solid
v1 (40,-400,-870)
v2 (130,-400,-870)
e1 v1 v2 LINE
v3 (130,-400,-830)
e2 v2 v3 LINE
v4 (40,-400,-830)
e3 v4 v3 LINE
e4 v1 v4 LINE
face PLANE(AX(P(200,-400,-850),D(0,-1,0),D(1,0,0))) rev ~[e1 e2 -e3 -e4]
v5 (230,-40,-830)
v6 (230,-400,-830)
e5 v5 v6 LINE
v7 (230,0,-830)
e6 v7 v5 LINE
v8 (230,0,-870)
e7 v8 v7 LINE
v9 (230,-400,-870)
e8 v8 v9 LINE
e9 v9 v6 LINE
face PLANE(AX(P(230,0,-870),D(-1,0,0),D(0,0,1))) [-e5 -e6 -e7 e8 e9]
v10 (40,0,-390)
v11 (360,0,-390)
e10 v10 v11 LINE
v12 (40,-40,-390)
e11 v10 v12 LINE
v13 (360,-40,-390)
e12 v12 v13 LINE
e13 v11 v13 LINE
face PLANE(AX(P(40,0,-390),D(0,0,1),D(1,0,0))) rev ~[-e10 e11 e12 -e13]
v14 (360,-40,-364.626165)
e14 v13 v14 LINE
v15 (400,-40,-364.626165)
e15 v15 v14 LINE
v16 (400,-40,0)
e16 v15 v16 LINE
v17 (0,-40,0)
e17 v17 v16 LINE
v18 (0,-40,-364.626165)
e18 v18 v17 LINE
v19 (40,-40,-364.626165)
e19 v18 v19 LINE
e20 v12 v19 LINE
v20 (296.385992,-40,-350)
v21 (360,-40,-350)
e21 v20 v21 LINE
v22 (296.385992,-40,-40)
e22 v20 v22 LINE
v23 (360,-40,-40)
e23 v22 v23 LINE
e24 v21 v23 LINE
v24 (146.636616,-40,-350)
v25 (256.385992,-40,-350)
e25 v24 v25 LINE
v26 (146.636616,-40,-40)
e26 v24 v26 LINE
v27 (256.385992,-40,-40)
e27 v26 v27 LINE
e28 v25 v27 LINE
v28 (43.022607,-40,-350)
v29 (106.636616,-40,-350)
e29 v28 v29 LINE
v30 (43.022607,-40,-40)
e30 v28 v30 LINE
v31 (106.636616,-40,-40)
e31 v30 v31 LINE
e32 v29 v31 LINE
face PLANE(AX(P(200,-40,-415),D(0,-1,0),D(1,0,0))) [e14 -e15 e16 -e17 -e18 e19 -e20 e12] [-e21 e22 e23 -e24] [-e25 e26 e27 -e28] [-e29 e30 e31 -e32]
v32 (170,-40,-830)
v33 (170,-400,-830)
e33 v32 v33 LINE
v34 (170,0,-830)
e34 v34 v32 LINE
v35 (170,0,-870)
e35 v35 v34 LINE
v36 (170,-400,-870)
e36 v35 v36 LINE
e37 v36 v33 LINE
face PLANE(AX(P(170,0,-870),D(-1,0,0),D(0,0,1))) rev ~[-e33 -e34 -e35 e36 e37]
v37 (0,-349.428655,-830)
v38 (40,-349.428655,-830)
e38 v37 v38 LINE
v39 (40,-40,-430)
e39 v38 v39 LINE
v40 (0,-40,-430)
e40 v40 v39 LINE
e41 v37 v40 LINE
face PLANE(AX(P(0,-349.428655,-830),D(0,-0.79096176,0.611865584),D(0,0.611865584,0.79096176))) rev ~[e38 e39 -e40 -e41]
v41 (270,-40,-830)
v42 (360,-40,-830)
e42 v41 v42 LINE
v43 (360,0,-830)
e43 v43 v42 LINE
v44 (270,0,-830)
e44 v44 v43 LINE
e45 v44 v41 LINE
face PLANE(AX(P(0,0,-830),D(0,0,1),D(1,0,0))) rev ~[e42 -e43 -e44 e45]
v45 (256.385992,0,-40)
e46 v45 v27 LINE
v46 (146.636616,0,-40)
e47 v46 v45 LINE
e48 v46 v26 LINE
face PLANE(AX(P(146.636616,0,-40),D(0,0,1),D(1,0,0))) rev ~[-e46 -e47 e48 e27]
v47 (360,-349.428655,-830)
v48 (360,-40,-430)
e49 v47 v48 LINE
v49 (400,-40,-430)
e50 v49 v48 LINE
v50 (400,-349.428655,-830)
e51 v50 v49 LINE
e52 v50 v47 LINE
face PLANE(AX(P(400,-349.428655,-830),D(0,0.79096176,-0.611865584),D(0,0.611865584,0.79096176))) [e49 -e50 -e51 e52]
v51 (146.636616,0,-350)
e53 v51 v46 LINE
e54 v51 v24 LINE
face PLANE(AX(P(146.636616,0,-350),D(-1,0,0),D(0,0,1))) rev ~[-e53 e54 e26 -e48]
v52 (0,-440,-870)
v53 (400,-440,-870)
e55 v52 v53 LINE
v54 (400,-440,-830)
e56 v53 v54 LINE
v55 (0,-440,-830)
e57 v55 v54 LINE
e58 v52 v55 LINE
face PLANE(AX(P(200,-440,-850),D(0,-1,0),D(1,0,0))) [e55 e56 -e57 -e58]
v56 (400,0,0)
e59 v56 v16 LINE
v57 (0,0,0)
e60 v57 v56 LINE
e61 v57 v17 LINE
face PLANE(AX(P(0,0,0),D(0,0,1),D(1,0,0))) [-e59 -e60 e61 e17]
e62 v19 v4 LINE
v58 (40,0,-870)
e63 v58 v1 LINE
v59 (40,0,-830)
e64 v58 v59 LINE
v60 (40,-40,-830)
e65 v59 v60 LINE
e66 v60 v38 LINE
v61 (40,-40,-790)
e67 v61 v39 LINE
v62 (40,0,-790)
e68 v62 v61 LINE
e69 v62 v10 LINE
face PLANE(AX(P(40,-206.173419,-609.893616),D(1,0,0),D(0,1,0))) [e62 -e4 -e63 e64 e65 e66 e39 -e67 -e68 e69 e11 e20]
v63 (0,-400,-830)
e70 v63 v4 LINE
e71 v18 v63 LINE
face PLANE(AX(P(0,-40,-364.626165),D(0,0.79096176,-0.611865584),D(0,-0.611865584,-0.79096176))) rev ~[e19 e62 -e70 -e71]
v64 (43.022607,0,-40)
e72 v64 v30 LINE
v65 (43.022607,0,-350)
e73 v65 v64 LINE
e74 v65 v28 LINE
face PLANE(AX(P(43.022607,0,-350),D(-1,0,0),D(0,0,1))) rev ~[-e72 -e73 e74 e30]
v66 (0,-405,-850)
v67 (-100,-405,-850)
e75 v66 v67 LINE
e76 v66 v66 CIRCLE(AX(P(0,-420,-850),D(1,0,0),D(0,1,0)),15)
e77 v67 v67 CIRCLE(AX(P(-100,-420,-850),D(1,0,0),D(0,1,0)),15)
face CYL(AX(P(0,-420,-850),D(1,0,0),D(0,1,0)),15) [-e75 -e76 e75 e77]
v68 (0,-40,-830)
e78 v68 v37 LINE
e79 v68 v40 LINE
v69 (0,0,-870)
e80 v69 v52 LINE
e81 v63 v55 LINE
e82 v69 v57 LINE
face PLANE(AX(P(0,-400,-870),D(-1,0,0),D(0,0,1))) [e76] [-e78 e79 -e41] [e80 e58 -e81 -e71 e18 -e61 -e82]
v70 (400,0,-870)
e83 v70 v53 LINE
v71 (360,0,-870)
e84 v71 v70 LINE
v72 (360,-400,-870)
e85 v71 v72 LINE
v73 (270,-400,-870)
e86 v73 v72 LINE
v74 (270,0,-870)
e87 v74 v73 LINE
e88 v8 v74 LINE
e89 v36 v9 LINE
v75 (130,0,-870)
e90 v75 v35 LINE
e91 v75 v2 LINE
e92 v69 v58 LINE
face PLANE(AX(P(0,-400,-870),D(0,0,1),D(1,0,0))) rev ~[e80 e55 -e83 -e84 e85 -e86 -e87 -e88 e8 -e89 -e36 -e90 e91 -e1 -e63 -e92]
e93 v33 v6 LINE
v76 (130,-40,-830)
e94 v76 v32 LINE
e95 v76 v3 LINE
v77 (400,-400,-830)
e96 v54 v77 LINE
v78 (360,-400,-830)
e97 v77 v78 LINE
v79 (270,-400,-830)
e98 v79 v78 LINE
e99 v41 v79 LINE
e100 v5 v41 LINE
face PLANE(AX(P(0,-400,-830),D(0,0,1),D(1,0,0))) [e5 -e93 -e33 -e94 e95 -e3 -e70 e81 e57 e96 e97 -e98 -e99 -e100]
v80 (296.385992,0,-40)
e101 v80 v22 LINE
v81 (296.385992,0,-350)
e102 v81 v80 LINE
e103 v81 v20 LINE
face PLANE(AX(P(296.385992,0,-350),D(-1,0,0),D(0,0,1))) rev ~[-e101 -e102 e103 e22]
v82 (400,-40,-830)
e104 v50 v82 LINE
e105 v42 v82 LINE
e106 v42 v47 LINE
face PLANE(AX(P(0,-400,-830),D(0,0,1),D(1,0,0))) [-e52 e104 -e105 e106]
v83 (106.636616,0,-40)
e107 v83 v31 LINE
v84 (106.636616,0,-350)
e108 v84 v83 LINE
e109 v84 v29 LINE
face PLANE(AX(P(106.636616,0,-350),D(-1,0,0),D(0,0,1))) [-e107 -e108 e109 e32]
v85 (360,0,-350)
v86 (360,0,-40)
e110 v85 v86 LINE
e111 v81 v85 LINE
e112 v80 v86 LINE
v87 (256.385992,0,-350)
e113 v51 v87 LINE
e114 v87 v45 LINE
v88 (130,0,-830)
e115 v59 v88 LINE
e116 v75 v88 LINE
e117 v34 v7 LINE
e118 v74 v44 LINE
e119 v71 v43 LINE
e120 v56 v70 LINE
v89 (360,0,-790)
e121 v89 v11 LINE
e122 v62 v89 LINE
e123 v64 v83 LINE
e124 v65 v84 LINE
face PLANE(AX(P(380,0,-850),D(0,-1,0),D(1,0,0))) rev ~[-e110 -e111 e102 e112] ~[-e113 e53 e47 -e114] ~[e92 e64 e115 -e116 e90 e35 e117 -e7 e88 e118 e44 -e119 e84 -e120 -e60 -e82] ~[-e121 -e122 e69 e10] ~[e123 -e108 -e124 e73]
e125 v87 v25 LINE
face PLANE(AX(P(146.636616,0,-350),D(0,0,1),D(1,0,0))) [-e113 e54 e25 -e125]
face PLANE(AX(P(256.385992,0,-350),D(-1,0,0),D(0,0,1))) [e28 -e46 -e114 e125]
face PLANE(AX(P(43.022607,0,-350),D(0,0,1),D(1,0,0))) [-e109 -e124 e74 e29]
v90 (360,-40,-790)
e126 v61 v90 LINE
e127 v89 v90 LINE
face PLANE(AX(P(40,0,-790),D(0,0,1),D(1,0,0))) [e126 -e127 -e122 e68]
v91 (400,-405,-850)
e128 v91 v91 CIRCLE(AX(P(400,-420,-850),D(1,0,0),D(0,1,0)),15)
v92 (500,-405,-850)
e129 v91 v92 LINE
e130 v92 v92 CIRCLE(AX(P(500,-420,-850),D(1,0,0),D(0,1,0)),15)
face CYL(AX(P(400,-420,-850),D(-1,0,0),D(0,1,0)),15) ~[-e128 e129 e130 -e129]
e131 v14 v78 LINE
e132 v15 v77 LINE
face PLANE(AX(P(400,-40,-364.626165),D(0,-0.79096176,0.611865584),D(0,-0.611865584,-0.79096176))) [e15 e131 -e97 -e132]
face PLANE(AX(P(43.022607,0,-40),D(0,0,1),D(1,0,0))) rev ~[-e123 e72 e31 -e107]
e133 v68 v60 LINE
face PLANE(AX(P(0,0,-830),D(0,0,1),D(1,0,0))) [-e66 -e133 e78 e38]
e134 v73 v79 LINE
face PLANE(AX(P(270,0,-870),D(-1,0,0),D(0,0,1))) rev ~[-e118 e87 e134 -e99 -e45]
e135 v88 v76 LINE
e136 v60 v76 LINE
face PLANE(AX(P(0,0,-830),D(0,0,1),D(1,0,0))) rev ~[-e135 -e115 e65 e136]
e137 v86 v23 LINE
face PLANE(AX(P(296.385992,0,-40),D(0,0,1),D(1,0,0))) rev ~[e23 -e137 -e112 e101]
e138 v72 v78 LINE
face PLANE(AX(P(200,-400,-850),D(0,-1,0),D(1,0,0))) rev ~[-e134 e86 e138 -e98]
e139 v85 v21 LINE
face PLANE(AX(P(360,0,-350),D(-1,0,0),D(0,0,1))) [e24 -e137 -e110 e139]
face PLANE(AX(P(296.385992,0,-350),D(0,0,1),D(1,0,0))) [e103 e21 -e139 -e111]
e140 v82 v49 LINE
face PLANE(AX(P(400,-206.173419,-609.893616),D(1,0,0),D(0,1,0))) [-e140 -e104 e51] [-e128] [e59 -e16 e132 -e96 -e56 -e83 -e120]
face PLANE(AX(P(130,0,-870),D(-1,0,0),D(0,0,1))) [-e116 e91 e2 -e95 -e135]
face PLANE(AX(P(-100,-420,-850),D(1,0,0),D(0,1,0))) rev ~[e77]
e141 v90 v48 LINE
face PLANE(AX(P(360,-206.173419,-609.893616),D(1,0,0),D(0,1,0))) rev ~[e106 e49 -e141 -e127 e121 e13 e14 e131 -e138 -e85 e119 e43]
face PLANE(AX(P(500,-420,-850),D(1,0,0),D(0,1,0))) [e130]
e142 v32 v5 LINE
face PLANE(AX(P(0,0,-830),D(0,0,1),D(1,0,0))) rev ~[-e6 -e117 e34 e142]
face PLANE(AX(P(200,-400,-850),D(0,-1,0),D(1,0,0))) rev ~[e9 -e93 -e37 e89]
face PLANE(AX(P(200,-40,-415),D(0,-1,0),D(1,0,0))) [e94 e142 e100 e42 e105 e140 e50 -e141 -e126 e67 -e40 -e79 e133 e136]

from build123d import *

# Parameters (mm, degrees)
F0_W      = 400
F0_H      = 830
F0_W_2    = 320
F0_H_2    = 400
F0_W_3    = 63.6140084174
F0_H_3    = 310
F0_W_4    = 109.7493757494
F1_DEPTH  = 40
F2_W      = 40
F2_H      = 40
F3_DEPTH  = 400
F5_DEPTH  = 40
F7_W      = 400
F7_H      = 40
F8_DEPTH  = 40
F11_DEPTH = 40
F12_R     = 15
F13_DEPTH = 100
F14_R     = 15
F15_DEPTH = 100


with BuildPart() as f1:
    # F0 (on Front) → F1 (new body)
    with BuildSketch(Plane.XZ):
        with Locations((200, -415)):
            Rectangle(F0_W, F0_H)
        with Locations((200, -590)):
            Rectangle(F0_W_2, F0_H_2, mode=Mode.SUBTRACT)
        with Locations((74.8296116246, -195)):
            Rectangle(F0_W_3, F0_H_3, mode=Mode.SUBTRACT)
        with Locations((201.511303708, -195)):
            Rectangle(F0_W_4, F0_H_3, mode=Mode.SUBTRACT)
        with Locations((328.1929957913, -195)):
            Rectangle(F0_W_3, F0_H_3, mode=Mode.SUBTRACT)
    extrude(amount=F1_DEPTH)

    # F2 (on Front) → F3 (join)
    with BuildSketch(Plane.XZ):
        with Locations((380, -850)):
            Rectangle(F2_W, F2_H)
        with Locations((250, -850)):
            Rectangle(F2_W, F2_H)
        with Locations((150, -850)):
            Rectangle(F2_W, F2_H)
        with Locations((20, -850)):
            Rectangle(F2_W, F2_H)
    extrude(amount=F3_DEPTH)

    # F4 (on Right) → F5 (join)
    with BuildSketch(Plane.YZ):
        Polygon((-40, -430), (-40, -364.6261646075), (-400, -830), (-349.4286550909, -830), align=None)
    extrude(amount=F5_DEPTH)

    # F7 (on offset) → F8 (join)
    with BuildSketch(Plane.XZ.offset(400)):
        with Locations((200, -850)):
            Rectangle(F7_W, F7_H)
    extrude(amount=F8_DEPTH)

    # F10 (on offset) → F11 (join)
    with BuildSketch(Plane.YZ.offset(400)):
        Polygon((-400, -830), (-349.4286550909, -830), (-40, -430), (-40, -364.6261646075), align=None)
    extrude(amount=-F11_DEPTH)

    # F12 (on offset) → F13 (join)
    with BuildSketch(Plane.YZ.offset(400)):
        with Locations((-420, -850)):
            Circle(F12_R)
    extrude(amount=F13_DEPTH)

    # F14 (on Right) → F15 (join)
    with BuildSketch(Plane.YZ):
        with Locations((-420, -850)):
            Circle(F14_R)
    extrude(amount=-F15_DEPTH)


solid = f1.part
